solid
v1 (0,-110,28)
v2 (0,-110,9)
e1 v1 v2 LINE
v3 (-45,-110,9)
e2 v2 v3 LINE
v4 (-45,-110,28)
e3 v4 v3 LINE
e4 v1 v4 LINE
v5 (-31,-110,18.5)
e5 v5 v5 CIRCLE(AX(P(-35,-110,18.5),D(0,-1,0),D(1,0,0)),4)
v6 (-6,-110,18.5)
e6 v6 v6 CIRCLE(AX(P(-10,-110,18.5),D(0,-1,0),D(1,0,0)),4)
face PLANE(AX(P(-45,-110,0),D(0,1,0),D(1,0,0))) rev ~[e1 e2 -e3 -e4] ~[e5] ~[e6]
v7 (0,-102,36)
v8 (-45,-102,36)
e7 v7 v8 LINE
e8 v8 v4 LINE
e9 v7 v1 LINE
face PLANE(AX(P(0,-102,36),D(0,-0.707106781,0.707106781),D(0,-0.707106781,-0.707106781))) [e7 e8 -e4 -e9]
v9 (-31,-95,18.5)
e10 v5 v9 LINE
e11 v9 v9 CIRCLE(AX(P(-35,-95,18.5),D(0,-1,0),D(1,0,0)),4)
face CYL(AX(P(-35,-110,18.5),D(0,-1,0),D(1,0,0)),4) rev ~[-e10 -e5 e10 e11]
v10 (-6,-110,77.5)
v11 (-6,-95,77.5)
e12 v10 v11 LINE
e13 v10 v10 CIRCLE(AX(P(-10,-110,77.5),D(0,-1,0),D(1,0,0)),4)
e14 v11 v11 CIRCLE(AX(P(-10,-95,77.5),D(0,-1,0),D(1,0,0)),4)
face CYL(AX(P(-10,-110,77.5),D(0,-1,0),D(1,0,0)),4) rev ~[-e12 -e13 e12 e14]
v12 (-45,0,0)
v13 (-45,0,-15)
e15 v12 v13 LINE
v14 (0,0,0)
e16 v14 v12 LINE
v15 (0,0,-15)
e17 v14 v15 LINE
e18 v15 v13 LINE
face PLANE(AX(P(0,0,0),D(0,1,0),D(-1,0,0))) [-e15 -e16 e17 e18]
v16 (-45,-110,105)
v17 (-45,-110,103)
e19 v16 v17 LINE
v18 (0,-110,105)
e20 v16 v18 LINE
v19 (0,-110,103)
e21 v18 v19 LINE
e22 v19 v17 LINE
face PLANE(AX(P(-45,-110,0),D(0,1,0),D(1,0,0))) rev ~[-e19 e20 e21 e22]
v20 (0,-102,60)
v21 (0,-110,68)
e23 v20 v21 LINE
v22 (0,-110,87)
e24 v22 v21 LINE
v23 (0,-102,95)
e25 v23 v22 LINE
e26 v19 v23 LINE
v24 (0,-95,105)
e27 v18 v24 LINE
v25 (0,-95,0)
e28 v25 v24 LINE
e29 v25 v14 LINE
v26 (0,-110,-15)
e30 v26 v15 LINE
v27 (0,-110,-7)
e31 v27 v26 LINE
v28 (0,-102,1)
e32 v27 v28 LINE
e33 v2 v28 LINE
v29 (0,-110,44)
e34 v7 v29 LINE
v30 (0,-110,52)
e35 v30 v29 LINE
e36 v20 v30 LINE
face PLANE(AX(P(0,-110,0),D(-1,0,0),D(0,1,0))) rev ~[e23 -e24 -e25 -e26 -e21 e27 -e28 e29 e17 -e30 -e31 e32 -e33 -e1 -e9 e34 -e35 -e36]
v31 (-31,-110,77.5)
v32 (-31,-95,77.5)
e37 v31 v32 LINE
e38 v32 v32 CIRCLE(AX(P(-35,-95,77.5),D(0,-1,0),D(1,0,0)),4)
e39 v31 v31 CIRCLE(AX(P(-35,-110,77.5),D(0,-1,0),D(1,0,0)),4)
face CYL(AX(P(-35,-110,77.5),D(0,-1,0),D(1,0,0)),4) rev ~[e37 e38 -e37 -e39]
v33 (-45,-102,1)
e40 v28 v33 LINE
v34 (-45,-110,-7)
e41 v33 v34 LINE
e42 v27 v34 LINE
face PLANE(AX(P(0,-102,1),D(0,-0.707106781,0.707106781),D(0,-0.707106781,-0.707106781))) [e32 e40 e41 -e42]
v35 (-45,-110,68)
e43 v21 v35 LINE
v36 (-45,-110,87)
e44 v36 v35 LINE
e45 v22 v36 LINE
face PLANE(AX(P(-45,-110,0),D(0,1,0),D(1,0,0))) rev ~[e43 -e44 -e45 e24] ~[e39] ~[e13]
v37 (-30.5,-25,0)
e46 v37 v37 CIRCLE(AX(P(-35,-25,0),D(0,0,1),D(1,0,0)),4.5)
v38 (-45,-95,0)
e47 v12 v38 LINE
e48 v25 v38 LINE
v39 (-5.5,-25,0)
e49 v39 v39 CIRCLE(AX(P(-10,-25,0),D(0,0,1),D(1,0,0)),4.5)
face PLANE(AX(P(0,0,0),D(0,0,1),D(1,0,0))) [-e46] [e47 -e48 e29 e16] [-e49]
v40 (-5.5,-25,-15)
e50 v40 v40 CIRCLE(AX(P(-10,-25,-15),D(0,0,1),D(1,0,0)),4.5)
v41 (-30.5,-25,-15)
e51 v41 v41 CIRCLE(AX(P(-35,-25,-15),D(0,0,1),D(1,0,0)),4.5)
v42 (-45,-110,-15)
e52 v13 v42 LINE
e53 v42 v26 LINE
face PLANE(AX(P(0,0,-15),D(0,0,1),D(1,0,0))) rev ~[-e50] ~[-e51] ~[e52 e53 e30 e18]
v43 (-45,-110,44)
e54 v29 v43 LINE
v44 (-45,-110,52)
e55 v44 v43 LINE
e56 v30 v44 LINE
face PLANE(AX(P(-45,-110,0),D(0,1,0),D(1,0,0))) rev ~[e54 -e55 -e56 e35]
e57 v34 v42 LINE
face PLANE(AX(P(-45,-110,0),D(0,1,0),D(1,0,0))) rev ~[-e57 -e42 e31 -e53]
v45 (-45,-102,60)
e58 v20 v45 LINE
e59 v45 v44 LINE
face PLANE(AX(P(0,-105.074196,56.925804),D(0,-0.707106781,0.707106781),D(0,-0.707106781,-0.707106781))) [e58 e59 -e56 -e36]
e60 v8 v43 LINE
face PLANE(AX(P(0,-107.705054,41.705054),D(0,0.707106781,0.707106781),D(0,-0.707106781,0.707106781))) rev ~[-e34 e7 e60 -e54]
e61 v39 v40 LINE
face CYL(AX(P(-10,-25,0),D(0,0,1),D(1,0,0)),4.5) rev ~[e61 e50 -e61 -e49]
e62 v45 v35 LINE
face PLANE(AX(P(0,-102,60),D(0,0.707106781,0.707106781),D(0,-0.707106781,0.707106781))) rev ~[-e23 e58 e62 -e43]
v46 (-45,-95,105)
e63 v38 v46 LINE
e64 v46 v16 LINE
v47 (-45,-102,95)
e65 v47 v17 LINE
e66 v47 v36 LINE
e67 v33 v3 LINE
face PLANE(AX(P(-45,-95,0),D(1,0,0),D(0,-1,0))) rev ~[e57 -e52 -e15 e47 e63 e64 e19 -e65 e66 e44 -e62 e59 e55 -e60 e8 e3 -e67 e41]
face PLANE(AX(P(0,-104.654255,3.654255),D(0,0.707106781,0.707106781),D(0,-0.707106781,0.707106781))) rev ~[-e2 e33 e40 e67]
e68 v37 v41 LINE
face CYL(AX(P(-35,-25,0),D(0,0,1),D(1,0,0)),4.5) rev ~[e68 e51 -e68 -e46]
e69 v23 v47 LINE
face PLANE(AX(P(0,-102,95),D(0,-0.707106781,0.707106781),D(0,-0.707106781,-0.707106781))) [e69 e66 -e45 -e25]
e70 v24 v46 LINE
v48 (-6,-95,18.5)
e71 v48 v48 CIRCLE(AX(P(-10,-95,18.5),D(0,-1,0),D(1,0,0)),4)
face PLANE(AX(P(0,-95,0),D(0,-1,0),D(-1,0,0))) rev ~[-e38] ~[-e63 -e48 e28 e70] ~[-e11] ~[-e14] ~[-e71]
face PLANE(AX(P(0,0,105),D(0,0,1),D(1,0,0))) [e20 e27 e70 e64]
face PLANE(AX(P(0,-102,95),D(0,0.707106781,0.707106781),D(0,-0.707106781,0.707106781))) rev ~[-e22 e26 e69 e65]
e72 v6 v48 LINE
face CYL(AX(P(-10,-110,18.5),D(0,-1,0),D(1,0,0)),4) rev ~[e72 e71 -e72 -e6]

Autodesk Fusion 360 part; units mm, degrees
sketch "スケッチ1" plane through (0, 0, 0) normal (0, 0, 1) x (1, 0, 0)
  line L0 (0, 0) -> (-45, 0)
  line L1 (-45, 0) -> (-45, -110)
  line L2 (-45, -110) -> (0, -110)
  line L3 (0, -110) -> (0, 0)
  circle A0 centre (-35, -25) radius 4.5
  circle A1 centre (-10, -25) radius 4.5
  dimension "d1" = 45
  dimension "d2" = 110
  dimension "d3" = 9
  dimension "d4" = 9
  dimension "d5" = 25
  dimension "d6" = 10
  dimension "d7" = 25
extrude "押し出し1" add sketch "スケッチ1" against normal blind 15 contours L0 L1 L2 L3 | A0 | A1
extrude "押し出し2" cut sketch "スケッチ1" against normal blind 15 contours A0 | A1
sketch "スケッチ2" plane through (0, 0, 0) normal (0, 0, 1) x (1, 0, 0)
  line L0 (0, -95) -> (-45, -95)
  line L1 (-45, -95) -> (-45, -110)
  line L2 (-45, -110) -> (0, -110)
  line L3 (0, -110) -> (0, -95)
  line L4 (0, -110) -> (0, 0)
  point P0 (-45, -110)
  dimension "d12" = 15
extrude "押し出し3" add sketch "スケッチ2" along normal blind 105
sketch "スケッチ3" plane through (0, 0, 0) normal (1, 0, 0) x (0, 1, 0)
  line L0 (-110, 105) -> (-110, -15)
  line L1 (-110, -15) -> (0, -15)
  line L2 (0, -15) -> (0, 0)
  line L3 (0, 0) -> (-95, 0)
  line L4 (-95, 0) -> (-95, 105)
  line L5 (-95, 105) -> (-110, 105)
  line L6 (-110, 95) -> (-102, 95)
  line L7 (-102, 95) -> (-110, 103)
  line L8 (-102, 95) -> (-110, 87)
  circle A0 centre (-117.5091, 95.717) radius 11
  line L9 (-146.8307, 84.717) -> (-108.4644, 84.717)
  line L10 (-108.4644, 84.717) -> (-108.4644, 71.717)
  line L11 (-108.4644, 71.717) -> (-146.8307, 71.717)
  line L12 (-146.8307, 71.717) -> (-146.8307, 84.717)
  circle A1 centre (-117.5091, 60.717) radius 11
  line L13 (-110, 60) -> (-102, 60)
  line L14 (-102, 60) -> (-110, 68)
  line L15 (-102, 60) -> (-110, 52)
  circle A2 centre (-117.5091, 60.717) radius 13
  circle A3 centre (-117.5091, 36.717) radius 11
  line L16 (-102, 36) -> (-110, 28)
  line L17 (-102, 36) -> (-110, 44)
  line L18 (-102, 1) -> (-110, 9)
  line L19 (-102, 1) -> (-110, -7)
  circle A4 centre (-117.5091, 1.717) radius 13
  circle A5 centre (-113.2021, 95.093) radius 7.5
  circle A6 centre (-113.2568, 60.0071) radius 7.5
  dimension "d15" = 8
  dimension "d16" = 45
  dimension "d17" = 22
  dimension "d18" = 13
  dimension "d19" = 38.3662
  dimension "d20" = 22
  dimension "d21" = 8
  dimension "d22" = 45
  dimension "d23" = 35
  dimension "d24" = 26
  dimension "d27" = 0
  dimension "d28" = -59
  dimension "d29" = 2
  dimension "d32" = 15
  dimension "d33" = 15
extrude "押し出し4" cut sketch "スケッチ3" against normal blind 50 contours L0 L18 L19 A4 | L18 L19 A4 | L0 A3 L16 L17 | L0 A3 L17 | L0 A1 L13 L15 A2 A6 | L13 L15 A2 | L0 A1 A6 | L13 L14 A2 | A1 L13 L14 A2 A6 | L0 A1 L14 A6 | L0 A1 L13 A6 | A1 L13 A6 | A1 L13 A6 | L0 A1 L13 A6 | L0 L6 L8 A0 A5 | L0 A0 A5 | L0 L7 A0 A5 | L6 L7 A0 A5 | L0 L6 A0 A5 | L6 A0 A5 | L0 L6 A0 A5 | L6 A0 A5 picked at (-109.6585, 34.1515) picked at (-109.8639, 53.0034) picked at (-109.8537, 88.034)
sketch "スケッチ4" plane through (0, -110, 0) normal (0, -1, 0) x (1, 0, 0)
  line L0 (-45, 68) -> (0, 68)
  line L1 (0, 68) -> (0, 87)
  line L2 (0, 87) -> (-45, 87)
  line L3 (-45, 87) -> (-45, 68)
  circle A0 centre (-35, 77.5) radius 4
  circle A1 centre (-10, 77.5) radius 4
  line L4 (-22.5, 77.5) -> (-22.5, 71.9777)
  line L5 (-45, 105) -> (0, 105)
  circle A2 centre (-35, 18.5) radius 4
  circle A3 centre (-10, 18.5) radius 4
  dimension "d34" = 8
  dimension "d35" = 8
  dimension "d36" = 25
  dimension "d37" = 12.5
  dimension "d38" = 45
  dimension "d39" = 27.5
  dimension "d42" = 0
  dimension "d43" = -59
extrude "押し出し5" cut sketch "スケッチ4" against normal blind 15 contours A0 | A1 | A2 | A3
equation "d13 = 120 mm - 15 mm"
equation "d37 = ( 25 / 2 ) * 1 mm"
